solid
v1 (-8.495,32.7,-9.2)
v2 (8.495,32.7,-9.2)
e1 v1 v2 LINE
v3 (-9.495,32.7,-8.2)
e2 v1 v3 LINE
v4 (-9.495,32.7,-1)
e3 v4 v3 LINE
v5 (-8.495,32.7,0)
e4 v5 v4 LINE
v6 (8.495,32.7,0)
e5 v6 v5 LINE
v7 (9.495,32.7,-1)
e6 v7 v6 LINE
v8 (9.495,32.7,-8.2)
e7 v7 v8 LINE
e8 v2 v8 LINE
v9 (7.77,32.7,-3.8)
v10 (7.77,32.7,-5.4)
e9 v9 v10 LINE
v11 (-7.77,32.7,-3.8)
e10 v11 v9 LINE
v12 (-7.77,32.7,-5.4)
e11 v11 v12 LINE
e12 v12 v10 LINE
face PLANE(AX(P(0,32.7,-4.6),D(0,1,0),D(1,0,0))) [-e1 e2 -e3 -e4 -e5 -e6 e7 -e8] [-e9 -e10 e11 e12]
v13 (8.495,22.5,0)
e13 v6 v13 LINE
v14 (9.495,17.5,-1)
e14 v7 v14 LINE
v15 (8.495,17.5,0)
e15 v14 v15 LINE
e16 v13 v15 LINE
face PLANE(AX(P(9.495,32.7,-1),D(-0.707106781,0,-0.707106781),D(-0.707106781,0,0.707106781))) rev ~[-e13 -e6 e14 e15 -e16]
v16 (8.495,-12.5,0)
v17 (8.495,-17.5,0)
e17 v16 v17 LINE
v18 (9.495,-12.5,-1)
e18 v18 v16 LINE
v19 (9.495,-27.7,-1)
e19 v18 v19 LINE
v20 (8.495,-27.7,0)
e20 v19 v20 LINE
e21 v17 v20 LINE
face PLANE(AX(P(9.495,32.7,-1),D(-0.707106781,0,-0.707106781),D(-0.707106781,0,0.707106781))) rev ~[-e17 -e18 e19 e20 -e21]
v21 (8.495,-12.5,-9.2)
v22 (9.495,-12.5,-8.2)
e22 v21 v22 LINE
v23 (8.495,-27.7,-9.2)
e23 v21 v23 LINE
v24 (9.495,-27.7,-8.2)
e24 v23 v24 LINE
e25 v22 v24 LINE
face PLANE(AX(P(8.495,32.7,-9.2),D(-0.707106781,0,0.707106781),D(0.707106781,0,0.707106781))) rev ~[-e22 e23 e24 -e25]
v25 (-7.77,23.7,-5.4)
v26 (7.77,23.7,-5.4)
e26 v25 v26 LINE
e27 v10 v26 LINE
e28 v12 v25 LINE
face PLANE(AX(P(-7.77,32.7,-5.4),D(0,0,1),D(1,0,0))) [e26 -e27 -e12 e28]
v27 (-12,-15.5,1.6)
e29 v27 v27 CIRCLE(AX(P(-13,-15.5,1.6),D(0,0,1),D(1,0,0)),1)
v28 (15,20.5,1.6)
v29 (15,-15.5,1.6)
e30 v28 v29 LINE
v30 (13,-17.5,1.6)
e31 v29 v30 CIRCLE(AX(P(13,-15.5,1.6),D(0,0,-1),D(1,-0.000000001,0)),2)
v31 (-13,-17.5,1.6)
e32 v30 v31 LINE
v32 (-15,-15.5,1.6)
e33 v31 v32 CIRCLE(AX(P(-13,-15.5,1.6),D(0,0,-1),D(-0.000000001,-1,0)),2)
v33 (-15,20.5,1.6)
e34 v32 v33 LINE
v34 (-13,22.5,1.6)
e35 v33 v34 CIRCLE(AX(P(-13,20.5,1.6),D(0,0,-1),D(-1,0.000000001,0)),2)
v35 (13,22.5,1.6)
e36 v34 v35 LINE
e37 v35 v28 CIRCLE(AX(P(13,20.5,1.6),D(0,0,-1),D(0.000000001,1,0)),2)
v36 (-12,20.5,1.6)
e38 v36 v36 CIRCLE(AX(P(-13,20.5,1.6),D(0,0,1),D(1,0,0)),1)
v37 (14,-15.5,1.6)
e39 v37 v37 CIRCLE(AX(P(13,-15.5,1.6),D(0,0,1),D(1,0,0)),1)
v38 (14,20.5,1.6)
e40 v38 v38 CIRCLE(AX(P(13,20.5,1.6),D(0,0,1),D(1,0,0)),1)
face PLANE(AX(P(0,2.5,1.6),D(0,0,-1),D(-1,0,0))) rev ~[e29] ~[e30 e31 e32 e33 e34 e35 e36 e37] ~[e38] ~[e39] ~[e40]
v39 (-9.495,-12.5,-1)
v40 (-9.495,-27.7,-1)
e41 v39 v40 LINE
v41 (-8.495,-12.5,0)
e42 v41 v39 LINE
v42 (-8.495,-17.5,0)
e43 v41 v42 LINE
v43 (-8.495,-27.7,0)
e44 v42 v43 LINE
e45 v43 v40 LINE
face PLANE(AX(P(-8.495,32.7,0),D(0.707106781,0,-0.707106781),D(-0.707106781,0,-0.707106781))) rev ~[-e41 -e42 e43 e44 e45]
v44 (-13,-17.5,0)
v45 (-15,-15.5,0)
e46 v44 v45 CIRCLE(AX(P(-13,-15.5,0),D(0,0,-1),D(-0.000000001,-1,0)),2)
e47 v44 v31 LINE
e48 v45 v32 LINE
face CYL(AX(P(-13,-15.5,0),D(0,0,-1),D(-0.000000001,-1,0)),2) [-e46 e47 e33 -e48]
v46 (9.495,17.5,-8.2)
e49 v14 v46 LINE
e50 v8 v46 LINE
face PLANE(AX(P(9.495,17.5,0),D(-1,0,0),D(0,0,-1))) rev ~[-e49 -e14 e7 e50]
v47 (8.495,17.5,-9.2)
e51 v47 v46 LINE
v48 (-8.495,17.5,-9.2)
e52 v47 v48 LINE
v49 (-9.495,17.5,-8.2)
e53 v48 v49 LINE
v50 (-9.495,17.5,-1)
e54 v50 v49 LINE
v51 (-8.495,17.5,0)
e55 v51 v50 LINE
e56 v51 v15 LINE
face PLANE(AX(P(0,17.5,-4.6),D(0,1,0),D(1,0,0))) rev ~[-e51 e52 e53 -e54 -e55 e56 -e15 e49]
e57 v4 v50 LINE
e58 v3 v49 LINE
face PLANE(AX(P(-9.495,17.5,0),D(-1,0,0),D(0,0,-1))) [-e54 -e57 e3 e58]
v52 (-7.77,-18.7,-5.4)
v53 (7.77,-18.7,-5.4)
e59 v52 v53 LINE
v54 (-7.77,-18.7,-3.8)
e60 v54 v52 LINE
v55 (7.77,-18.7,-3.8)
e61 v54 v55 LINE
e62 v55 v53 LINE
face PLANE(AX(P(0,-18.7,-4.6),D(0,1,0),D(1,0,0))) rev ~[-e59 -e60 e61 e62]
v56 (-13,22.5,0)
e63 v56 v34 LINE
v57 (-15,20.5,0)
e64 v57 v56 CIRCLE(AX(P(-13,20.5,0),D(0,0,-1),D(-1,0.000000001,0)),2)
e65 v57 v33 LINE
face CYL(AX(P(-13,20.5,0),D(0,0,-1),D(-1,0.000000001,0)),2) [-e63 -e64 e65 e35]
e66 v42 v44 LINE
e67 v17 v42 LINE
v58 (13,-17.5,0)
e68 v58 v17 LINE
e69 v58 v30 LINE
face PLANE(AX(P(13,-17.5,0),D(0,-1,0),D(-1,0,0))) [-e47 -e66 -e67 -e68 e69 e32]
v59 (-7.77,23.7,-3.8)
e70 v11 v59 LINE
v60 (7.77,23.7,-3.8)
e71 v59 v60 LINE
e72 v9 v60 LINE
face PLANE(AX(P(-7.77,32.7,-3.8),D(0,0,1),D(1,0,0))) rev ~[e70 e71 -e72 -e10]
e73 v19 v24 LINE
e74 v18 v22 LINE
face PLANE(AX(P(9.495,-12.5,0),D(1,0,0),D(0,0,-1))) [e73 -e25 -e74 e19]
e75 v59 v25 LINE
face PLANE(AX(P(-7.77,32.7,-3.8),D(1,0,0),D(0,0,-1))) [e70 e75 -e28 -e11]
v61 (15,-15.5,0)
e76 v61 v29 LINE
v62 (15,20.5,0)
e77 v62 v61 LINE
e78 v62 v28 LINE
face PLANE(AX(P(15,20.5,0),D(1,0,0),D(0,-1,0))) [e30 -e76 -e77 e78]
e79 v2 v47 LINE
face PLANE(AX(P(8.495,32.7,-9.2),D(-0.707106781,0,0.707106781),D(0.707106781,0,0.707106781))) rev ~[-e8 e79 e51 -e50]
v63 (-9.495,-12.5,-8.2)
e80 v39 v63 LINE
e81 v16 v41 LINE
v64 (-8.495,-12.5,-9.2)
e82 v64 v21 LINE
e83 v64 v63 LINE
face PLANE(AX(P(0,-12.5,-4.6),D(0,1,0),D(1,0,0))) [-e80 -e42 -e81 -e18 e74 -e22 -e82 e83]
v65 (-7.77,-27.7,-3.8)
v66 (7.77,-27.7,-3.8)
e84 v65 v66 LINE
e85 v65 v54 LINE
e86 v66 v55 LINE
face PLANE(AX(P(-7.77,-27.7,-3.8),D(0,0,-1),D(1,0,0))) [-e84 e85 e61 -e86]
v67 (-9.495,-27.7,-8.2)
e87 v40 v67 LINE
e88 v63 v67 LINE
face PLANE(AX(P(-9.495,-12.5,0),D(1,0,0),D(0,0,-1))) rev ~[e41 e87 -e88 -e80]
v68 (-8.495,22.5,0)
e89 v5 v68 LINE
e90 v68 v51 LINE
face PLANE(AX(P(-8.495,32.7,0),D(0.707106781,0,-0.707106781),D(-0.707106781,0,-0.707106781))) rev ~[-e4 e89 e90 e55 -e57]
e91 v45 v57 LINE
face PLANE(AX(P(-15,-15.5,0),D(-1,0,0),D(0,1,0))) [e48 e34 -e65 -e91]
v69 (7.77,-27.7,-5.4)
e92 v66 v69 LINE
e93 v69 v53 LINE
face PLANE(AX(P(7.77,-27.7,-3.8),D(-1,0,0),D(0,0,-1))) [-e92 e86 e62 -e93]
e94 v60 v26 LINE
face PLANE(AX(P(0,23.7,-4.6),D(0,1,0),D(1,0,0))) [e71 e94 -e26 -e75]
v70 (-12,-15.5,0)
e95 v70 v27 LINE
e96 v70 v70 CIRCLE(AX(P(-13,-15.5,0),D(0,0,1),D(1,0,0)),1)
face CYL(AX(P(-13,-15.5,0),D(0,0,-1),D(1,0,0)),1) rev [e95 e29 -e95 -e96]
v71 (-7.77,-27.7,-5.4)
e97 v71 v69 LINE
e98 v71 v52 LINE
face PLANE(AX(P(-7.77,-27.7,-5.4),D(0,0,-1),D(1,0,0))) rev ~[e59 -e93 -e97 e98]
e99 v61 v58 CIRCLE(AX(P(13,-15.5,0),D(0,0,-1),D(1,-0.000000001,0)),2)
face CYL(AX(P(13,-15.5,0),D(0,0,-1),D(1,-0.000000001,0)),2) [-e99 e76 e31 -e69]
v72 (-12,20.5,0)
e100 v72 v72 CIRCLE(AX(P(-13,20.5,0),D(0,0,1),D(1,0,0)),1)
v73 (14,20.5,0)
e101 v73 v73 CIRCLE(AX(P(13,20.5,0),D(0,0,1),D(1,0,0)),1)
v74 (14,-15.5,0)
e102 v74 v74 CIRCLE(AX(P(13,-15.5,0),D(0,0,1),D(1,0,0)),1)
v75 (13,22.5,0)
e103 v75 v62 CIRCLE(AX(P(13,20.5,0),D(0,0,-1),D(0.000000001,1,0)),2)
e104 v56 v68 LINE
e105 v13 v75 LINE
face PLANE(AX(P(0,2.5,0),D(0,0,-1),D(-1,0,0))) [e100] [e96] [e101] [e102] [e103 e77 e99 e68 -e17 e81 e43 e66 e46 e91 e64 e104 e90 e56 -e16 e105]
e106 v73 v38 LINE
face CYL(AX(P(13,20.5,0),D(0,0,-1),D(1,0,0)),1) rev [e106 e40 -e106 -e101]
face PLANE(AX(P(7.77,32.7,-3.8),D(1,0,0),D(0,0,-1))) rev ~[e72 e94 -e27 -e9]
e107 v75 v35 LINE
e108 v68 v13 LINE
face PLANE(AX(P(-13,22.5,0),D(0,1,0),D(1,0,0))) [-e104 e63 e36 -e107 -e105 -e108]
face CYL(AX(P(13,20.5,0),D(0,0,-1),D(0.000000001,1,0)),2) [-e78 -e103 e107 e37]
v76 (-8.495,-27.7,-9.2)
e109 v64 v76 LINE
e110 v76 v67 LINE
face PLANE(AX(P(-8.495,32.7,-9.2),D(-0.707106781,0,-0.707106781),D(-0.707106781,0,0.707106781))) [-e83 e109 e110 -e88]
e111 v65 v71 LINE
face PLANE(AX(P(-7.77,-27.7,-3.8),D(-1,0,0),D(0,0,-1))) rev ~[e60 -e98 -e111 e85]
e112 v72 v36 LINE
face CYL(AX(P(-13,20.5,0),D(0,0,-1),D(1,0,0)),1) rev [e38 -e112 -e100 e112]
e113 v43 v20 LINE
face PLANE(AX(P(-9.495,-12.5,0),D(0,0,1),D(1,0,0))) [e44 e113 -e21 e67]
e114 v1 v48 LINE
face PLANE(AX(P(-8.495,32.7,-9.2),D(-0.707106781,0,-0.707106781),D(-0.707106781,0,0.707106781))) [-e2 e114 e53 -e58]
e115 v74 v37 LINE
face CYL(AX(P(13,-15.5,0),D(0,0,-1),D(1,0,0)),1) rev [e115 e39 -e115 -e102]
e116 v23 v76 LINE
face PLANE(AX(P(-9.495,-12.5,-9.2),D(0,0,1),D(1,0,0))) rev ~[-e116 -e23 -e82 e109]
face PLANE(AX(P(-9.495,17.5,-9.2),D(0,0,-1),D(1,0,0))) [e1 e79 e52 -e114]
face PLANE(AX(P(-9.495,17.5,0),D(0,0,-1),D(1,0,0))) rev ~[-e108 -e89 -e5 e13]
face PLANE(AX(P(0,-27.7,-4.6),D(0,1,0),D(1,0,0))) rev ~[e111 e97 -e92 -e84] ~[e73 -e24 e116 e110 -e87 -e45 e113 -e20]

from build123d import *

# Parameters (mm, degrees)
SKETCH_1_R           = 1
EXTRUDE_1_DEPTH      = 1.6
SKETCH_2_W           = 16.45
SKETCH_2_H           = 15.2
SKETCH_2_W_2         = 13.91
EXTRUDE_2_DEPTH      = 9.2
CUT_EXTRUDE_START    = 32.7
CUT_EXTRUDE_1_DEPTH  = 15.2
CUT_EXTRUDE_START_2  = -27.7
CUT_EXTRUDE_2_DEPTH  = 15.2
SKETCH_6_W           = 13
SKETCH_6_H           = 1.6
CUT_EXTRUDE_3_DEPTH  = 9
SKETCH_7_W           = 10.46
SKETCH_7_H           = 1.6
CUT_EXTRUDE_8_DEPTH  = 9
EXTRUDE_START        = 17.5
SKETCH_10_W          = 18.99
SKETCH_10_H          = 9.2
EXTRUDE_5_DEPTH      = 15.2
EXTRUDE_START_2      = -12.5
SKETCH_11_W          = 18.99
SKETCH_11_H          = 9.2
EXTRUDE_6_DEPTH      = 15.2
CUT_EXTRUDE_9_DEPTH  = 60.4
SKETCH_14_W          = 15.54
SKETCH_14_H          = 1.6
CUT_EXTRUDE_10_DEPTH = 9
SKETCH_15_W          = 15.54
SKETCH_15_H          = 1.6
CUT_EXTRUDE_11_DEPTH = 9


with BuildPart() as part:
    # 草图1 → 凸台-拉伸1 (new body)
    with BuildSketch(Plane.XY):
        with BuildLine():
            Line((-13, 22.5), (13, 22.5))
            ThreePointArc((13, 22.5), (14.414213562, 21.914213562), (15, 20.5))
            Line((15, 20.5), (15, -15.5))
            ThreePointArc((15, -15.5), (14.414213562, -16.914213562), (13, -17.5))
            Line((13, -17.5), (-13, -17.5))
            ThreePointArc((-13, -17.5), (-14.414213562, -16.914213562), (-15, -15.5))
            Line((-15, -15.5), (-15, 20.5))
            ThreePointArc((-15, 20.5), (-14.414213562, 21.914213562), (-13, 22.5))
        make_face()
        with Locations((-13, 20.5)):
            Circle(SKETCH_1_R, mode=Mode.SUBTRACT)
        with Locations((13, 20.5)):
            Circle(SKETCH_1_R, mode=Mode.SUBTRACT)
        with Locations((13, -15.5)):
            Circle(SKETCH_1_R, mode=Mode.SUBTRACT)
        with Locations((-13, -15.5)):
            Circle(SKETCH_1_R, mode=Mode.SUBTRACT)
    extrude(amount=EXTRUDE_1_DEPTH)

    # 草图2 → 凸台-拉伸2 (add)
    with BuildSketch(Plane.XY):
        with Locations((0, 25.1)):
            Rectangle(SKETCH_2_W, SKETCH_2_H)
        with Locations((0, -20.1)):
            Rectangle(SKETCH_2_W_2, SKETCH_2_H)
    extrude(amount=-EXTRUDE_2_DEPTH)

    # 草图3 → 切除-拉伸1 (cut)
    with BuildSketch(Plane(origin=(0, 0, 0), x_dir=(1, 0, 0), z_dir=(0, 1, 0)).offset(CUT_EXTRUDE_START)):
        Polygon((-8.225, 9.2), (-7.225, 9.2), (-8.225, 8.2), align=None)
        Polygon((-8.225, 0), (-7.225, 0), (-8.225, 1), align=None)
        Polygon((8.225, 0), (8.225, 1), (7.225, 0), align=None)
        Polygon((8.225, 9.2), (7.225, 9.2), (8.225, 8.2), align=None)
    extrude(amount=-CUT_EXTRUDE_1_DEPTH, mode=Mode.SUBTRACT)

    # 草图4 → 切除-拉伸2 (cut)
    with BuildSketch(Plane(origin=(0, 0, 0), x_dir=(1, 0, 0), z_dir=(0, 1, 0)).offset(CUT_EXTRUDE_START_2)):
        Polygon((-6.955, 0), (-5.955, 0), (-6.955, 1), align=None)
        Polygon((-6.955, 9.2), (-6.955, 8.2), (-5.955, 9.2), align=None)
        Polygon((6.955, 0), (6.955, 1), (5.955, 0), align=None)
        Polygon((6.955, 9.2), (6.955, 8.2), (5.955, 9.2), align=None)
    extrude(amount=CUT_EXTRUDE_2_DEPTH, mode=Mode.SUBTRACT)

    # 草图6 → 切除-拉伸3 (cut)
    with BuildSketch(Plane(origin=(0, 0, 0), x_dir=(1, 0, 0), z_dir=(0, 1, 0)).offset(CUT_EXTRUDE_START)):
        with Locations((0, 4.6)):
            Rectangle(SKETCH_6_W, SKETCH_6_H)
    extrude(amount=-CUT_EXTRUDE_3_DEPTH, mode=Mode.SUBTRACT)

    # 草图7 → 切除-拉伸8 (cut)
    with BuildSketch(Plane(origin=(0, 0, 0), x_dir=(1, 0, 0), z_dir=(0, 1, 0)).offset(CUT_EXTRUDE_START_2)):
        with Locations((0, 4.6)):
            Rectangle(SKETCH_7_W, SKETCH_7_H)
    extrude(amount=CUT_EXTRUDE_8_DEPTH, mode=Mode.SUBTRACT)

    # 草图10 → 凸台-拉伸5 (add)
    with BuildSketch(Plane(origin=(0, 0, 0), x_dir=(1, 0, 0), z_dir=(0, 1, 0)).offset(EXTRUDE_START)):
        with Locations((0, 4.6)):
            Rectangle(SKETCH_10_W, SKETCH_10_H)
    extrude(amount=EXTRUDE_5_DEPTH)

    # 草图11 → 凸台-拉伸6 (add)
    with BuildSketch(Plane(origin=(0, 0, 0), x_dir=(1, 0, 0), z_dir=(0, 1, 0)).offset(EXTRUDE_START_2)):
        with Locations((0, 4.6)):
            Rectangle(SKETCH_11_W, SKETCH_11_H)
    extrude(amount=-EXTRUDE_6_DEPTH)

    # 草图12 → 切除-拉伸9 (cut)
    with BuildSketch(Plane(origin=(0, 0, 0), x_dir=(1, 0, 0), z_dir=(0, 1, 0)).offset(CUT_EXTRUDE_START)):
        Polygon((-9.495, 9.2), (-8.495, 9.2), (-9.495, 8.2), align=None)
        Polygon((-9.495, 0), (-8.495, 0), (-9.495, 1), align=None)
        Polygon((9.495, 9.2), (8.495, 9.2), (9.495, 8.2), align=None)
        Polygon((9.495, 0), (9.495, 1), (8.495, 0), align=None)
    extrude(amount=-CUT_EXTRUDE_9_DEPTH, mode=Mode.SUBTRACT)

    # 草图14 → 切除-拉伸10 (cut)
    with BuildSketch(Plane(origin=(0, 0, 0), x_dir=(1, 0, 0), z_dir=(0, 1, 0)).offset(CUT_EXTRUDE_START)):
        with Locations((0, 4.6)):
            Rectangle(SKETCH_14_W, SKETCH_14_H)
    extrude(amount=-CUT_EXTRUDE_10_DEPTH, mode=Mode.SUBTRACT)

    # 草图15 → 切除-拉伸11 (cut)
    with BuildSketch(Plane(origin=(0, 0, 0), x_dir=(1, 0, 0), z_dir=(0, 1, 0)).offset(CUT_EXTRUDE_START_2)):
        with Locations((0, 4.6)):
            Rectangle(SKETCH_15_W, SKETCH_15_H)
    extrude(amount=CUT_EXTRUDE_11_DEPTH, mode=Mode.SUBTRACT)


solid = part.part
